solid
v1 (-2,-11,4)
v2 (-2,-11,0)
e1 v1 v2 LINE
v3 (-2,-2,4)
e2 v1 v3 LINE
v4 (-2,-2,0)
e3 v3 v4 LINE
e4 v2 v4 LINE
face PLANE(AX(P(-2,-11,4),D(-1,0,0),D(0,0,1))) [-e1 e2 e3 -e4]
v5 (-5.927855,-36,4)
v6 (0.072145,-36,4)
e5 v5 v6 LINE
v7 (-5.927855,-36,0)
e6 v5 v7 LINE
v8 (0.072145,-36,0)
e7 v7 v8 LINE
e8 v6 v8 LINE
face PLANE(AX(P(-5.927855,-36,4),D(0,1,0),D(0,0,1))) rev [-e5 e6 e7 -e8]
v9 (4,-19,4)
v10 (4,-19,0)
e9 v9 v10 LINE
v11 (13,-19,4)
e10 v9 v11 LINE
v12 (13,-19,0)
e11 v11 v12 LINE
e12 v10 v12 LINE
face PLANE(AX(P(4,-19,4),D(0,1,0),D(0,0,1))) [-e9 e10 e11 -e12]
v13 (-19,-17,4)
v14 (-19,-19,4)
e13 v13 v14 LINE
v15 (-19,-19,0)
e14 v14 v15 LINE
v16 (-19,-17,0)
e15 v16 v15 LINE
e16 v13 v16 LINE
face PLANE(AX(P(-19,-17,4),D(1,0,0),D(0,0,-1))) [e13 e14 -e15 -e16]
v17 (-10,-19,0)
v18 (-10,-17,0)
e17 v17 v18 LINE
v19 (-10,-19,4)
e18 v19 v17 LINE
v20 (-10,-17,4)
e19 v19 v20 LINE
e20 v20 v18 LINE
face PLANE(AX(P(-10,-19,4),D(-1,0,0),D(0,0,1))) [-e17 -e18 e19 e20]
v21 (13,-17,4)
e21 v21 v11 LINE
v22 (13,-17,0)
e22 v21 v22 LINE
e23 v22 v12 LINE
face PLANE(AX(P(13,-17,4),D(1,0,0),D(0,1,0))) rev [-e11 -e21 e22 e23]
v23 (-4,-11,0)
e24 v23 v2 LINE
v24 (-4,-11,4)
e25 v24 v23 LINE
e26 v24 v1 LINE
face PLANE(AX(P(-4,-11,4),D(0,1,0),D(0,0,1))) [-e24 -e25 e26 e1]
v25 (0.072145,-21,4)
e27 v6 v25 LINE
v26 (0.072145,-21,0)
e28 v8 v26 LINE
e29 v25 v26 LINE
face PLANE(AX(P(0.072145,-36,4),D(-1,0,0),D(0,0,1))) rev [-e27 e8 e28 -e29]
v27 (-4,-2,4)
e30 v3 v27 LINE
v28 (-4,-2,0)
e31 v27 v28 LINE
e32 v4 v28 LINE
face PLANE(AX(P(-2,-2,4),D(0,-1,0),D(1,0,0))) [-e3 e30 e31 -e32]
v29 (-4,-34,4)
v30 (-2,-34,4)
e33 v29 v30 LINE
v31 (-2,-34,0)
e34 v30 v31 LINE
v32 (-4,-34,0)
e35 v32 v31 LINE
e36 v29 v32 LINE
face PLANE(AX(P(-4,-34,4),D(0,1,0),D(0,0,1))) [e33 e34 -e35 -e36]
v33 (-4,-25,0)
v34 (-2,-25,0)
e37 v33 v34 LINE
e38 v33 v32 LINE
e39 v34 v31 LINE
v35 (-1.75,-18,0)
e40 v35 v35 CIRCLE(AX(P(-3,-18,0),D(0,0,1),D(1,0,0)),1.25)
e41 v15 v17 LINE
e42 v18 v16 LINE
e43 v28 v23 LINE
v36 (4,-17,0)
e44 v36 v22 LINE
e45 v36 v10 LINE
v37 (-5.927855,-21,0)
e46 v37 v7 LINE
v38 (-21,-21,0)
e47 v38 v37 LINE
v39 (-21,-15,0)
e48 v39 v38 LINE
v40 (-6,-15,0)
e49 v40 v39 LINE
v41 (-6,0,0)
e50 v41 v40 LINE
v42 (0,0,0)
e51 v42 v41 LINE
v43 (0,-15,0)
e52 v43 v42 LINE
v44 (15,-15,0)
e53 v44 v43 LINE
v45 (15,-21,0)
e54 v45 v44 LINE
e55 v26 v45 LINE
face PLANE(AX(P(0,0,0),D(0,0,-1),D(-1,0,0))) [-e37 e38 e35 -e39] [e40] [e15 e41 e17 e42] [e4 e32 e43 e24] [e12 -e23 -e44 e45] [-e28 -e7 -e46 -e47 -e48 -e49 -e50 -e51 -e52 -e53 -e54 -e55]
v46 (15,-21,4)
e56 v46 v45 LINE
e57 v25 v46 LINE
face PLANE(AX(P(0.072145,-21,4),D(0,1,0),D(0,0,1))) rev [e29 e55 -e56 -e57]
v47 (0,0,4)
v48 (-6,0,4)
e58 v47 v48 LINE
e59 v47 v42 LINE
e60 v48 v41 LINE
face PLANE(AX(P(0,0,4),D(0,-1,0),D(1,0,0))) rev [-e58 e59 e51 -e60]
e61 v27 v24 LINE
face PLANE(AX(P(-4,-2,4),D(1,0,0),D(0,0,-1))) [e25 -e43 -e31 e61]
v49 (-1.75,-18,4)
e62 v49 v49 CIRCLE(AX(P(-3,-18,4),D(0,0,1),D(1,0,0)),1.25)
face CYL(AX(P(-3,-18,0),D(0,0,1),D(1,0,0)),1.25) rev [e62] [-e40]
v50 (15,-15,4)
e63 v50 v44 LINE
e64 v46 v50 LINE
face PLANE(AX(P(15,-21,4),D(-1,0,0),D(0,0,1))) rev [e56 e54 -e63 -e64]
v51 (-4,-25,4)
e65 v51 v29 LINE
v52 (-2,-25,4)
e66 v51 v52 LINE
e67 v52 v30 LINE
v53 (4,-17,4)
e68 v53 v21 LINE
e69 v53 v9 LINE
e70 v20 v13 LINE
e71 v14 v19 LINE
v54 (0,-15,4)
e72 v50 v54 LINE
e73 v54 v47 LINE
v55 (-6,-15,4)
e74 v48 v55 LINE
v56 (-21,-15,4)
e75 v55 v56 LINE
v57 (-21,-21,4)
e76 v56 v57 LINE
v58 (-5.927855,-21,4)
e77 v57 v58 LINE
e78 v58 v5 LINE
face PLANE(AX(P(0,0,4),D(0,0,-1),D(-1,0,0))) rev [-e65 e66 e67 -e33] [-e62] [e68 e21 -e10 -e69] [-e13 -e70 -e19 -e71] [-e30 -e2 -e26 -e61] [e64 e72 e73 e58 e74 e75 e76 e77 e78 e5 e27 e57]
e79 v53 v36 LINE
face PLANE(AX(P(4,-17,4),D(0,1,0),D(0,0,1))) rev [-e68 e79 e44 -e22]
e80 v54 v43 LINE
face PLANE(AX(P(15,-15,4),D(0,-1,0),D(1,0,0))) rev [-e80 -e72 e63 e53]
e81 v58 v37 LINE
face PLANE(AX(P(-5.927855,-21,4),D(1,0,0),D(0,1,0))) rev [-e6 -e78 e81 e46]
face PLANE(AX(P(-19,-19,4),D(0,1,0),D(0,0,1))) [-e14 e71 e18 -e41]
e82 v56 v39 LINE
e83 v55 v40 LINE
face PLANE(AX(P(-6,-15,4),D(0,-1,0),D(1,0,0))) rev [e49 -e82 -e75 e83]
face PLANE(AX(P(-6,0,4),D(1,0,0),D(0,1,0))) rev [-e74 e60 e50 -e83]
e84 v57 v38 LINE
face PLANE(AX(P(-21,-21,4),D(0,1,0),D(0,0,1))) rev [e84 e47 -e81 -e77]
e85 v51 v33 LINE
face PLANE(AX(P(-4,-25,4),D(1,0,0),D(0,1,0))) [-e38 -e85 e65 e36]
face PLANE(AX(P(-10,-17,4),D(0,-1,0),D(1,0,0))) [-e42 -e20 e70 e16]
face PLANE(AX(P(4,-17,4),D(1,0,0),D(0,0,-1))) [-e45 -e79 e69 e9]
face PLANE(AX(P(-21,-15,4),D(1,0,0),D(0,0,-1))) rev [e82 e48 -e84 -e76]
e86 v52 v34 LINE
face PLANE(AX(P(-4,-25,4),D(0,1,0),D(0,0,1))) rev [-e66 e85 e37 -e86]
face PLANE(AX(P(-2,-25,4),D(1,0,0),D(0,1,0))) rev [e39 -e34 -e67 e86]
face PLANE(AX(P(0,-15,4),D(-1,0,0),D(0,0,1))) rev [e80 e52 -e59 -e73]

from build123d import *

# Parameters (mm, degrees)
ESQUISSE1_W             = 2
ESQUISSE1_H             = 9
ESQUISSE1_W_2           = 9
ESQUISSE1_H_2           = 2
BOSS_EXTRU_4_DEPTH      = 4
ESQUISSE2_R             = 1.25
ENL_V_MAT_EXTRU_1_DEPTH = 4


with BuildPart() as part:
    # Esquisse1 → Boss.-Extru.4 (new body)
    with BuildSketch(Plane.XY):
        Polygon((0, 0), (-6, 0), (-6, -15), (-21, -15), (-21, -21), (-5.927854654, -21), (-5.927854654, -36), (0.072145346, -36), (0.072145346, -21), (15, -21), (15, -15), (0, -15), align=None)
        with Locations((-3, -6.5)):
            Rectangle(ESQUISSE1_W, ESQUISSE1_H, mode=Mode.SUBTRACT)
        with Locations((-14.5, -18)):
            Rectangle(ESQUISSE1_W_2, ESQUISSE1_H_2, mode=Mode.SUBTRACT)
        with Locations((-3, -29.5)):
            Rectangle(ESQUISSE1_W, ESQUISSE1_H, mode=Mode.SUBTRACT)
        with Locations((8.5, -18)):
            Rectangle(ESQUISSE1_W_2, ESQUISSE1_H_2, mode=Mode.SUBTRACT)
    extrude(amount=BOSS_EXTRU_4_DEPTH)

    # Esquisse2 → Enlèv. mat.-Extru.1 (cut)
    with BuildSketch(Plane.XY.offset(4)):
        with Locations((-3, -18)):
            Circle(ESQUISSE2_R)
    extrude(amount=-ENL_V_MAT_EXTRU_1_DEPTH, mode=Mode.SUBTRACT)


solid = part.part
